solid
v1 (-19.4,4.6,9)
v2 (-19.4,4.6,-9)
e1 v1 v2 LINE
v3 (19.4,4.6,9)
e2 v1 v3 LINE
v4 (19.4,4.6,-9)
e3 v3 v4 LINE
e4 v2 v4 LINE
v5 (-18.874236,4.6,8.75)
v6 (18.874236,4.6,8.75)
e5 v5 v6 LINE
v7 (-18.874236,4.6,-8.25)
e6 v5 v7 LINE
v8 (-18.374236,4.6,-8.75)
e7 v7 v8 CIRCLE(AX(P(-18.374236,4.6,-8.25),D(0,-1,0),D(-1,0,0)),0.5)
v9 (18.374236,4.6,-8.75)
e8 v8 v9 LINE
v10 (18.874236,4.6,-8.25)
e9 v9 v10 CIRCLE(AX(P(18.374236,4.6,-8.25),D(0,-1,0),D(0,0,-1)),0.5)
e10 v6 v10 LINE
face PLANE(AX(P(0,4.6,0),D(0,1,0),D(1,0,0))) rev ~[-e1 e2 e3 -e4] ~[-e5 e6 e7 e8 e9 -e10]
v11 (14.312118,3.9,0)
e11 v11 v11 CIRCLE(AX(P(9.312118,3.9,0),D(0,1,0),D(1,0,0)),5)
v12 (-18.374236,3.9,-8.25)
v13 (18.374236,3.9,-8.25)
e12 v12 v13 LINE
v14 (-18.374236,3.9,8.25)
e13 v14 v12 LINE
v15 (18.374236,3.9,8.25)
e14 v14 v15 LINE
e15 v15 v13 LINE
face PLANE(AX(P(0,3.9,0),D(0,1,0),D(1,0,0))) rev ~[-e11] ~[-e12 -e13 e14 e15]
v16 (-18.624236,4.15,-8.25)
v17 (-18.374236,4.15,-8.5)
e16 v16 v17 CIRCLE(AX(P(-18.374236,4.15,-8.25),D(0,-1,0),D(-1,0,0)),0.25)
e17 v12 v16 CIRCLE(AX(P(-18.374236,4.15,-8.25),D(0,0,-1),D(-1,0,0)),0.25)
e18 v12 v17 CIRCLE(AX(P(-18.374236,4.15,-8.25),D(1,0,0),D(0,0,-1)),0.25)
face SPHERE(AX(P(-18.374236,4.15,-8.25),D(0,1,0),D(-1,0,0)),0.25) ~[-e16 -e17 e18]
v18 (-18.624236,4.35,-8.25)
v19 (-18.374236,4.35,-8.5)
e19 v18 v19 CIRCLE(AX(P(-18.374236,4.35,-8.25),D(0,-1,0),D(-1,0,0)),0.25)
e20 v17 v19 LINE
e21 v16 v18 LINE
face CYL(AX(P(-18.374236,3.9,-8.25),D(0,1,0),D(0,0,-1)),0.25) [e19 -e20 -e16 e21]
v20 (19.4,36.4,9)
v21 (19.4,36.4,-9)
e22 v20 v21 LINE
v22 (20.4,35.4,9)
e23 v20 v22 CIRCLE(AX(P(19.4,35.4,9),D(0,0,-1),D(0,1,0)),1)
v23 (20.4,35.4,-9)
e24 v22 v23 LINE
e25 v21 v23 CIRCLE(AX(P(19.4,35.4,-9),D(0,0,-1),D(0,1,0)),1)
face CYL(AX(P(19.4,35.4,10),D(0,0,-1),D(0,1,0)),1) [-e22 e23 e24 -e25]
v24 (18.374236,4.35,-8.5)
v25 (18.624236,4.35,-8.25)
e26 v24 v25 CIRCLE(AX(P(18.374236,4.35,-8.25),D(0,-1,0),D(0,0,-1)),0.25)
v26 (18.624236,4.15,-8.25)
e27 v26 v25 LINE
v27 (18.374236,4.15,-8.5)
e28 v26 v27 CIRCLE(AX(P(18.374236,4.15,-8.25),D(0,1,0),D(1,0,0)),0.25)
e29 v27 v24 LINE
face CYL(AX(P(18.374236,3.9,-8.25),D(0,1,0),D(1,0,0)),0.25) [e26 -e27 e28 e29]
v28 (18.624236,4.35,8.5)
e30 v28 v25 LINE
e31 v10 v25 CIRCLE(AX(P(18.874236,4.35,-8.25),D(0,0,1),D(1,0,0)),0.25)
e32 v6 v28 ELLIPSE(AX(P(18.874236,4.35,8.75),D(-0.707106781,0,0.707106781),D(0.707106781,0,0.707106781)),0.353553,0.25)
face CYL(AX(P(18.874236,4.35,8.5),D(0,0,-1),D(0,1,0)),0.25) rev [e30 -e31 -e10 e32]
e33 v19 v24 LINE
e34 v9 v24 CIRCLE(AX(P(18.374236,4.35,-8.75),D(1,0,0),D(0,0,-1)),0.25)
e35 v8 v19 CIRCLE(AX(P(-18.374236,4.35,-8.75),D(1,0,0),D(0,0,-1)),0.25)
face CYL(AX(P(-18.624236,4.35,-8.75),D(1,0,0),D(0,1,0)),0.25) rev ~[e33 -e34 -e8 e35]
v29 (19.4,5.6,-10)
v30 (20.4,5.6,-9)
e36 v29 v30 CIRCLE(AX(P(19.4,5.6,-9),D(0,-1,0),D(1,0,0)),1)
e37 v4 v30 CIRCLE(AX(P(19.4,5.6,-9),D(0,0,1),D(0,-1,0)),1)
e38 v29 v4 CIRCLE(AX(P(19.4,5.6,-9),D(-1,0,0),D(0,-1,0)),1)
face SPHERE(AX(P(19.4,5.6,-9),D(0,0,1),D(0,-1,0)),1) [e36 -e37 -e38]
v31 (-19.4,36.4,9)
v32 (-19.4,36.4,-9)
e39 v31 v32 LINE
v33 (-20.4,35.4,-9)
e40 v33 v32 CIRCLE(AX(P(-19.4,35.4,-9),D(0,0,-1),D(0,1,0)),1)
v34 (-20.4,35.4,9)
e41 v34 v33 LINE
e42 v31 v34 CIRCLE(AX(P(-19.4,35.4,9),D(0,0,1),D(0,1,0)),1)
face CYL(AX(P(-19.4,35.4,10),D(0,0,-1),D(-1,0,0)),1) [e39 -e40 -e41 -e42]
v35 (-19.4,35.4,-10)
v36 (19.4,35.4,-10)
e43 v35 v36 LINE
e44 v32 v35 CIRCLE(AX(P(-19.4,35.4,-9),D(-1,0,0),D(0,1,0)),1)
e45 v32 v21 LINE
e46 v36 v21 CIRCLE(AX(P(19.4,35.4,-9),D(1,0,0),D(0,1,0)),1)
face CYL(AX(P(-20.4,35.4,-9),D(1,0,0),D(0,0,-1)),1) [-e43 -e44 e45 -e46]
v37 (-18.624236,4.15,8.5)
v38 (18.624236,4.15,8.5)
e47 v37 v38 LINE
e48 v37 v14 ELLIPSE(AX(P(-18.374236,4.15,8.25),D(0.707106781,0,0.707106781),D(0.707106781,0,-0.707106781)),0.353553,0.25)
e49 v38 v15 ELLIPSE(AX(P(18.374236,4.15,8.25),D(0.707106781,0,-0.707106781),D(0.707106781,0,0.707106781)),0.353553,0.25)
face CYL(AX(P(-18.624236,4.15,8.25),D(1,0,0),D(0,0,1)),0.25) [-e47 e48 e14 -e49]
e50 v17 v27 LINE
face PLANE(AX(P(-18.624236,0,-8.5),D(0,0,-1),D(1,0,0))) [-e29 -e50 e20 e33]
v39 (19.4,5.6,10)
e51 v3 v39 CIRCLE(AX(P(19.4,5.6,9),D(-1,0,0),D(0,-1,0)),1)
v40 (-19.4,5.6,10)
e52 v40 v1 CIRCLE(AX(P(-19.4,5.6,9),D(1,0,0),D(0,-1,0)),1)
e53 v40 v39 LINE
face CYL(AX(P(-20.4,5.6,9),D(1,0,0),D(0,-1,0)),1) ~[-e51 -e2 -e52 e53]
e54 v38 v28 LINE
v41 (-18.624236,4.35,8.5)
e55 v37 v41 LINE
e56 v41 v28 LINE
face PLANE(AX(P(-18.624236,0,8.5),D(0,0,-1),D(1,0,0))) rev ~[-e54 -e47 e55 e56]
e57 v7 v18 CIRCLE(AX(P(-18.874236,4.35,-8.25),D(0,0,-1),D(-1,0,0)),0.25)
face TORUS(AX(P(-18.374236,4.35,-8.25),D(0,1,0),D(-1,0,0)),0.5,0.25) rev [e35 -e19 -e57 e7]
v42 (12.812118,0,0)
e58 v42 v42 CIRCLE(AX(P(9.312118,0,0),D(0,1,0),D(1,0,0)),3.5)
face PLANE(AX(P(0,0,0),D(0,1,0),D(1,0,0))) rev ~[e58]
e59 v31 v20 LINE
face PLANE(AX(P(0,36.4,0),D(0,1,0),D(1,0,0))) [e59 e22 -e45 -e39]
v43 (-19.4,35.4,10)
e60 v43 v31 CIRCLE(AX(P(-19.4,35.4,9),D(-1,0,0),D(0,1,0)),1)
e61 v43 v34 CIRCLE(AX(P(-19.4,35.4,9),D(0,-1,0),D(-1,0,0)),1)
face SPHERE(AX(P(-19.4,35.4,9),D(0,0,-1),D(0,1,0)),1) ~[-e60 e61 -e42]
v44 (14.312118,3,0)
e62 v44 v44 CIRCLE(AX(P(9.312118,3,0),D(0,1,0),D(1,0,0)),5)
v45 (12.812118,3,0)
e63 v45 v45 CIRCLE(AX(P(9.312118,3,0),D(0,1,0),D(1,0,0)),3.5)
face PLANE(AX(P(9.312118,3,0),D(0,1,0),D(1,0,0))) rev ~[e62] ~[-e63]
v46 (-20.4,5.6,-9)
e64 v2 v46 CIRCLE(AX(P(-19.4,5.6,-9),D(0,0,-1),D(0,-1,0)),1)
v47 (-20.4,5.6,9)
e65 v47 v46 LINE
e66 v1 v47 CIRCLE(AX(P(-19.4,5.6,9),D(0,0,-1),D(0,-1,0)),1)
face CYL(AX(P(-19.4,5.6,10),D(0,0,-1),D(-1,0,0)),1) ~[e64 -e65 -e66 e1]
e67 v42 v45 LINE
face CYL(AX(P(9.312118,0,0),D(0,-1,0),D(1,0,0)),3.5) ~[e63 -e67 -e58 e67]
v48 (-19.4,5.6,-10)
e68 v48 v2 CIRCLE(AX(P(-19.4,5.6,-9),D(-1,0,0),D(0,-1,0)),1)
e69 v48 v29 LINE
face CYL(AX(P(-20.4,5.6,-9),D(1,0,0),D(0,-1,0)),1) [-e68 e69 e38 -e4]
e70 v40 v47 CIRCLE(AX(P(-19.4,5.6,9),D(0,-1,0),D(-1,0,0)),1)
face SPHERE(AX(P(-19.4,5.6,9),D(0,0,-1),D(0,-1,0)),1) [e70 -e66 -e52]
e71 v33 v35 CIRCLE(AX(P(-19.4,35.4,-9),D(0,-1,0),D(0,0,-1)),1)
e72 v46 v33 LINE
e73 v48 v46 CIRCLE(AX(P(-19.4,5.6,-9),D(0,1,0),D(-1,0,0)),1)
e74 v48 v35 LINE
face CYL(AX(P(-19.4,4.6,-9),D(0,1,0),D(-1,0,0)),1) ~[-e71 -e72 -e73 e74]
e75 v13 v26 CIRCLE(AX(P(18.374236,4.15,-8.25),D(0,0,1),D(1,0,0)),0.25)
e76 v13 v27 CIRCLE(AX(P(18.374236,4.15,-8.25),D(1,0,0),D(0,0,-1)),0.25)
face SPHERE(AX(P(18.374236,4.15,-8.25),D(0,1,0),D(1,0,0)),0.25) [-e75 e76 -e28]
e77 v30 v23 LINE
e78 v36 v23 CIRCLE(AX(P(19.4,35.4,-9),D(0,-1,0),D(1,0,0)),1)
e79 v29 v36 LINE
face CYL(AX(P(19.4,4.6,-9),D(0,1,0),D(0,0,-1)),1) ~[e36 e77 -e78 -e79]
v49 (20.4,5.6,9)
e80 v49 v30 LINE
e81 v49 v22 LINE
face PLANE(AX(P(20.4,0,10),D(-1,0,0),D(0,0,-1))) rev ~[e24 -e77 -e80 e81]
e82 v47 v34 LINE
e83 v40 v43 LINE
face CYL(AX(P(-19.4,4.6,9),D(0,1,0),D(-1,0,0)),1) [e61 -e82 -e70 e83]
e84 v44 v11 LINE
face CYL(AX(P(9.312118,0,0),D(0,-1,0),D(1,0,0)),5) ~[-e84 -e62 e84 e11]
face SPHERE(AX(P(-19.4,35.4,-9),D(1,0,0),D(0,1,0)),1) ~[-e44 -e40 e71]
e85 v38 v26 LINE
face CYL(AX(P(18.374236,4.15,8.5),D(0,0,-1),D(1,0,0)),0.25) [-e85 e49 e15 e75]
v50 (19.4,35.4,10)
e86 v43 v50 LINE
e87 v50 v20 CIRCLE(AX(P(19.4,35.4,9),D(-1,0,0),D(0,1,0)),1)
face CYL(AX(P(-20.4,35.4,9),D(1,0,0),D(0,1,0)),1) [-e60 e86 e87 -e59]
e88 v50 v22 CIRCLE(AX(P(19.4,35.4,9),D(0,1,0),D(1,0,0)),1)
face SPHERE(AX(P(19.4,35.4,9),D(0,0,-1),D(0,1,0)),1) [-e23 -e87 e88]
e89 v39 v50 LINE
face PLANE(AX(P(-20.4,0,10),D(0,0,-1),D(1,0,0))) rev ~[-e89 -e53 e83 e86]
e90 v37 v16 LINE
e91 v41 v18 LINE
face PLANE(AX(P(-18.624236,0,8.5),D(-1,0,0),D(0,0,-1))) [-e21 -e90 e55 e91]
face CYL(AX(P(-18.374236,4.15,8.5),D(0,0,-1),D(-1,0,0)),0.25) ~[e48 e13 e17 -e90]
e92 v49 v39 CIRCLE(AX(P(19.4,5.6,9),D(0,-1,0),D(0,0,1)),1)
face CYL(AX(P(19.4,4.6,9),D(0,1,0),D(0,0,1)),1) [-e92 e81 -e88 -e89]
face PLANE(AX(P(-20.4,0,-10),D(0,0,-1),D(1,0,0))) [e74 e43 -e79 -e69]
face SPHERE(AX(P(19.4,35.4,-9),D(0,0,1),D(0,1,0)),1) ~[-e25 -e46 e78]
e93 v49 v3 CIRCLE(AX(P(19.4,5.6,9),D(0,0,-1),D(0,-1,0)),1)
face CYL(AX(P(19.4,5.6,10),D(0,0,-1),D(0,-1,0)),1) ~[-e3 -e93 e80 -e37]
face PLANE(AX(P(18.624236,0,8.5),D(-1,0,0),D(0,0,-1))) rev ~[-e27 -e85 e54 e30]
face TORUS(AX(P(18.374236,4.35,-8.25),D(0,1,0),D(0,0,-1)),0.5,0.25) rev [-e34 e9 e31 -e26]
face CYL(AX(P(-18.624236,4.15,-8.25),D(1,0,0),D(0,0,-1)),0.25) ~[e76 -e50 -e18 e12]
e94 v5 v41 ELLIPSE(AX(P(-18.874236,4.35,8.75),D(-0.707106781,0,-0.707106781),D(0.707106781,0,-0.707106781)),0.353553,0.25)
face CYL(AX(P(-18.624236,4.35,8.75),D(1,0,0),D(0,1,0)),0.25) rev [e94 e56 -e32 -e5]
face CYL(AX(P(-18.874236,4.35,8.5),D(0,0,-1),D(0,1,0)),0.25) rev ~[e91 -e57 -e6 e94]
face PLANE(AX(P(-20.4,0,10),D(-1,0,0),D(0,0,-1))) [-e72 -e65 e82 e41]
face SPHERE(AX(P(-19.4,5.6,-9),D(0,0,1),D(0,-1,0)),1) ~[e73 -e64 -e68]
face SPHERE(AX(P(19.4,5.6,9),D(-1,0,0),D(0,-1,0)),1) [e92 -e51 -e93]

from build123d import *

# Parameters (mm, degrees)
SKETCH1_W           = 40.8
SKETCH1_H           = 20
BOSS_EXTRUDE1_DEPTH = 36.4
SKETCH2_W           = 40.8
SKETCH2_H           = 20
SKETCH2_W_2         = 37.24847256
SKETCH2_H_2         = 17
CUT_EXTRUDE1_DEPTH  = 4.6
SKETCH3_W           = 37.24847256
SKETCH3_H           = 17
SKETCH3_R           = 5
CUT_EXTRUDE2_DEPTH  = 3.9
SKETCH4_R           = 5
SKETCH4_R_2         = 3.5
CUT_EXTRUDE3_DEPTH  = 3
FILLET1_R           = 1
FILLET2_R           = 0.25


with BuildPart() as part:
    # Sketch1 → Boss-Extrude1 (new body)
    with BuildSketch(Plane(origin=(0, 0, 0), x_dir=(1, 0, 0), z_dir=(0, 1, 0))):
        Rectangle(SKETCH1_W, SKETCH1_H)
    extrude(amount=BOSS_EXTRUDE1_DEPTH)

    # Sketch2 → Cut-Extrude1 (cut)
    with BuildSketch(Plane(origin=(0, 0, 0), x_dir=(1, 0, 0), z_dir=(0, 1, 0))):
        Rectangle(SKETCH2_W, SKETCH2_H)
        Rectangle(SKETCH2_W_2, SKETCH2_H_2, mode=Mode.SUBTRACT)
    extrude(amount=CUT_EXTRUDE1_DEPTH, mode=Mode.SUBTRACT)

    # Sketch3 → Cut-Extrude2 (cut)
    with BuildSketch(Plane(origin=(0, 0, 0), x_dir=(1, 0, 0), z_dir=(0, 1, 0))):
        Rectangle(SKETCH3_W, SKETCH3_H)
        with Locations((9.31211814, 0)):
            Circle(SKETCH3_R, mode=Mode.SUBTRACT)
    extrude(amount=CUT_EXTRUDE2_DEPTH, mode=Mode.SUBTRACT)

    # Sketch4 → Cut-Extrude3 (cut)
    with BuildSketch(Plane(origin=(0, 0, 0), x_dir=(1, 0, 0), z_dir=(0, 1, 0))):
        with Locations((9.31211814, 0)):
            Circle(SKETCH4_R)
        with Locations((9.31211814, 0)):
            Circle(SKETCH4_R_2, mode=Mode.SUBTRACT)
    extrude(amount=CUT_EXTRUDE3_DEPTH, mode=Mode.SUBTRACT)

    # Fillet1
    fillet1_edges = [part.edges().sort_by_distance(p)[0] for p in [
        (20.4, 36.4, 0),
        (0, 36.4, -10),
        (-20.4, 4.6, 0),
        (0, 4.6, 10),
        (20.4, 4.6, 0),
        (0, 4.6, -10),
        (-20.4, 36.4, 0),
        (0, 36.4, 10),
        (-20.4, 20.5, -10),
        (20.4, 20.5, -10),
        (20.4, 20.5, 10),
        (-20.4, 20.5, 10),
    ]]
    fillet(fillet1_edges, radius=FILLET1_R)

    # Fillet2
    fillet2_edges = [part.edges().sort_by_distance(p)[0] for p in [
        (-18.62423628, 4.6, 0),
        (0, 4.6, 8.5),
        (18.62423628, 4.6, 0),
        (18.62423628, 4.25, -8.5),
        (0, 4.6, -8.5),
        (-18.62423628, 4.25, -8.5),
        (-18.62423628, 3.9, 0),
        (0, 3.9, 8.5),
        (18.62423628, 3.9, 0),
        (0, 3.9, -8.5),
    ]]
    fillet(fillet2_edges, radius=FILLET2_R)


solid = part.part
